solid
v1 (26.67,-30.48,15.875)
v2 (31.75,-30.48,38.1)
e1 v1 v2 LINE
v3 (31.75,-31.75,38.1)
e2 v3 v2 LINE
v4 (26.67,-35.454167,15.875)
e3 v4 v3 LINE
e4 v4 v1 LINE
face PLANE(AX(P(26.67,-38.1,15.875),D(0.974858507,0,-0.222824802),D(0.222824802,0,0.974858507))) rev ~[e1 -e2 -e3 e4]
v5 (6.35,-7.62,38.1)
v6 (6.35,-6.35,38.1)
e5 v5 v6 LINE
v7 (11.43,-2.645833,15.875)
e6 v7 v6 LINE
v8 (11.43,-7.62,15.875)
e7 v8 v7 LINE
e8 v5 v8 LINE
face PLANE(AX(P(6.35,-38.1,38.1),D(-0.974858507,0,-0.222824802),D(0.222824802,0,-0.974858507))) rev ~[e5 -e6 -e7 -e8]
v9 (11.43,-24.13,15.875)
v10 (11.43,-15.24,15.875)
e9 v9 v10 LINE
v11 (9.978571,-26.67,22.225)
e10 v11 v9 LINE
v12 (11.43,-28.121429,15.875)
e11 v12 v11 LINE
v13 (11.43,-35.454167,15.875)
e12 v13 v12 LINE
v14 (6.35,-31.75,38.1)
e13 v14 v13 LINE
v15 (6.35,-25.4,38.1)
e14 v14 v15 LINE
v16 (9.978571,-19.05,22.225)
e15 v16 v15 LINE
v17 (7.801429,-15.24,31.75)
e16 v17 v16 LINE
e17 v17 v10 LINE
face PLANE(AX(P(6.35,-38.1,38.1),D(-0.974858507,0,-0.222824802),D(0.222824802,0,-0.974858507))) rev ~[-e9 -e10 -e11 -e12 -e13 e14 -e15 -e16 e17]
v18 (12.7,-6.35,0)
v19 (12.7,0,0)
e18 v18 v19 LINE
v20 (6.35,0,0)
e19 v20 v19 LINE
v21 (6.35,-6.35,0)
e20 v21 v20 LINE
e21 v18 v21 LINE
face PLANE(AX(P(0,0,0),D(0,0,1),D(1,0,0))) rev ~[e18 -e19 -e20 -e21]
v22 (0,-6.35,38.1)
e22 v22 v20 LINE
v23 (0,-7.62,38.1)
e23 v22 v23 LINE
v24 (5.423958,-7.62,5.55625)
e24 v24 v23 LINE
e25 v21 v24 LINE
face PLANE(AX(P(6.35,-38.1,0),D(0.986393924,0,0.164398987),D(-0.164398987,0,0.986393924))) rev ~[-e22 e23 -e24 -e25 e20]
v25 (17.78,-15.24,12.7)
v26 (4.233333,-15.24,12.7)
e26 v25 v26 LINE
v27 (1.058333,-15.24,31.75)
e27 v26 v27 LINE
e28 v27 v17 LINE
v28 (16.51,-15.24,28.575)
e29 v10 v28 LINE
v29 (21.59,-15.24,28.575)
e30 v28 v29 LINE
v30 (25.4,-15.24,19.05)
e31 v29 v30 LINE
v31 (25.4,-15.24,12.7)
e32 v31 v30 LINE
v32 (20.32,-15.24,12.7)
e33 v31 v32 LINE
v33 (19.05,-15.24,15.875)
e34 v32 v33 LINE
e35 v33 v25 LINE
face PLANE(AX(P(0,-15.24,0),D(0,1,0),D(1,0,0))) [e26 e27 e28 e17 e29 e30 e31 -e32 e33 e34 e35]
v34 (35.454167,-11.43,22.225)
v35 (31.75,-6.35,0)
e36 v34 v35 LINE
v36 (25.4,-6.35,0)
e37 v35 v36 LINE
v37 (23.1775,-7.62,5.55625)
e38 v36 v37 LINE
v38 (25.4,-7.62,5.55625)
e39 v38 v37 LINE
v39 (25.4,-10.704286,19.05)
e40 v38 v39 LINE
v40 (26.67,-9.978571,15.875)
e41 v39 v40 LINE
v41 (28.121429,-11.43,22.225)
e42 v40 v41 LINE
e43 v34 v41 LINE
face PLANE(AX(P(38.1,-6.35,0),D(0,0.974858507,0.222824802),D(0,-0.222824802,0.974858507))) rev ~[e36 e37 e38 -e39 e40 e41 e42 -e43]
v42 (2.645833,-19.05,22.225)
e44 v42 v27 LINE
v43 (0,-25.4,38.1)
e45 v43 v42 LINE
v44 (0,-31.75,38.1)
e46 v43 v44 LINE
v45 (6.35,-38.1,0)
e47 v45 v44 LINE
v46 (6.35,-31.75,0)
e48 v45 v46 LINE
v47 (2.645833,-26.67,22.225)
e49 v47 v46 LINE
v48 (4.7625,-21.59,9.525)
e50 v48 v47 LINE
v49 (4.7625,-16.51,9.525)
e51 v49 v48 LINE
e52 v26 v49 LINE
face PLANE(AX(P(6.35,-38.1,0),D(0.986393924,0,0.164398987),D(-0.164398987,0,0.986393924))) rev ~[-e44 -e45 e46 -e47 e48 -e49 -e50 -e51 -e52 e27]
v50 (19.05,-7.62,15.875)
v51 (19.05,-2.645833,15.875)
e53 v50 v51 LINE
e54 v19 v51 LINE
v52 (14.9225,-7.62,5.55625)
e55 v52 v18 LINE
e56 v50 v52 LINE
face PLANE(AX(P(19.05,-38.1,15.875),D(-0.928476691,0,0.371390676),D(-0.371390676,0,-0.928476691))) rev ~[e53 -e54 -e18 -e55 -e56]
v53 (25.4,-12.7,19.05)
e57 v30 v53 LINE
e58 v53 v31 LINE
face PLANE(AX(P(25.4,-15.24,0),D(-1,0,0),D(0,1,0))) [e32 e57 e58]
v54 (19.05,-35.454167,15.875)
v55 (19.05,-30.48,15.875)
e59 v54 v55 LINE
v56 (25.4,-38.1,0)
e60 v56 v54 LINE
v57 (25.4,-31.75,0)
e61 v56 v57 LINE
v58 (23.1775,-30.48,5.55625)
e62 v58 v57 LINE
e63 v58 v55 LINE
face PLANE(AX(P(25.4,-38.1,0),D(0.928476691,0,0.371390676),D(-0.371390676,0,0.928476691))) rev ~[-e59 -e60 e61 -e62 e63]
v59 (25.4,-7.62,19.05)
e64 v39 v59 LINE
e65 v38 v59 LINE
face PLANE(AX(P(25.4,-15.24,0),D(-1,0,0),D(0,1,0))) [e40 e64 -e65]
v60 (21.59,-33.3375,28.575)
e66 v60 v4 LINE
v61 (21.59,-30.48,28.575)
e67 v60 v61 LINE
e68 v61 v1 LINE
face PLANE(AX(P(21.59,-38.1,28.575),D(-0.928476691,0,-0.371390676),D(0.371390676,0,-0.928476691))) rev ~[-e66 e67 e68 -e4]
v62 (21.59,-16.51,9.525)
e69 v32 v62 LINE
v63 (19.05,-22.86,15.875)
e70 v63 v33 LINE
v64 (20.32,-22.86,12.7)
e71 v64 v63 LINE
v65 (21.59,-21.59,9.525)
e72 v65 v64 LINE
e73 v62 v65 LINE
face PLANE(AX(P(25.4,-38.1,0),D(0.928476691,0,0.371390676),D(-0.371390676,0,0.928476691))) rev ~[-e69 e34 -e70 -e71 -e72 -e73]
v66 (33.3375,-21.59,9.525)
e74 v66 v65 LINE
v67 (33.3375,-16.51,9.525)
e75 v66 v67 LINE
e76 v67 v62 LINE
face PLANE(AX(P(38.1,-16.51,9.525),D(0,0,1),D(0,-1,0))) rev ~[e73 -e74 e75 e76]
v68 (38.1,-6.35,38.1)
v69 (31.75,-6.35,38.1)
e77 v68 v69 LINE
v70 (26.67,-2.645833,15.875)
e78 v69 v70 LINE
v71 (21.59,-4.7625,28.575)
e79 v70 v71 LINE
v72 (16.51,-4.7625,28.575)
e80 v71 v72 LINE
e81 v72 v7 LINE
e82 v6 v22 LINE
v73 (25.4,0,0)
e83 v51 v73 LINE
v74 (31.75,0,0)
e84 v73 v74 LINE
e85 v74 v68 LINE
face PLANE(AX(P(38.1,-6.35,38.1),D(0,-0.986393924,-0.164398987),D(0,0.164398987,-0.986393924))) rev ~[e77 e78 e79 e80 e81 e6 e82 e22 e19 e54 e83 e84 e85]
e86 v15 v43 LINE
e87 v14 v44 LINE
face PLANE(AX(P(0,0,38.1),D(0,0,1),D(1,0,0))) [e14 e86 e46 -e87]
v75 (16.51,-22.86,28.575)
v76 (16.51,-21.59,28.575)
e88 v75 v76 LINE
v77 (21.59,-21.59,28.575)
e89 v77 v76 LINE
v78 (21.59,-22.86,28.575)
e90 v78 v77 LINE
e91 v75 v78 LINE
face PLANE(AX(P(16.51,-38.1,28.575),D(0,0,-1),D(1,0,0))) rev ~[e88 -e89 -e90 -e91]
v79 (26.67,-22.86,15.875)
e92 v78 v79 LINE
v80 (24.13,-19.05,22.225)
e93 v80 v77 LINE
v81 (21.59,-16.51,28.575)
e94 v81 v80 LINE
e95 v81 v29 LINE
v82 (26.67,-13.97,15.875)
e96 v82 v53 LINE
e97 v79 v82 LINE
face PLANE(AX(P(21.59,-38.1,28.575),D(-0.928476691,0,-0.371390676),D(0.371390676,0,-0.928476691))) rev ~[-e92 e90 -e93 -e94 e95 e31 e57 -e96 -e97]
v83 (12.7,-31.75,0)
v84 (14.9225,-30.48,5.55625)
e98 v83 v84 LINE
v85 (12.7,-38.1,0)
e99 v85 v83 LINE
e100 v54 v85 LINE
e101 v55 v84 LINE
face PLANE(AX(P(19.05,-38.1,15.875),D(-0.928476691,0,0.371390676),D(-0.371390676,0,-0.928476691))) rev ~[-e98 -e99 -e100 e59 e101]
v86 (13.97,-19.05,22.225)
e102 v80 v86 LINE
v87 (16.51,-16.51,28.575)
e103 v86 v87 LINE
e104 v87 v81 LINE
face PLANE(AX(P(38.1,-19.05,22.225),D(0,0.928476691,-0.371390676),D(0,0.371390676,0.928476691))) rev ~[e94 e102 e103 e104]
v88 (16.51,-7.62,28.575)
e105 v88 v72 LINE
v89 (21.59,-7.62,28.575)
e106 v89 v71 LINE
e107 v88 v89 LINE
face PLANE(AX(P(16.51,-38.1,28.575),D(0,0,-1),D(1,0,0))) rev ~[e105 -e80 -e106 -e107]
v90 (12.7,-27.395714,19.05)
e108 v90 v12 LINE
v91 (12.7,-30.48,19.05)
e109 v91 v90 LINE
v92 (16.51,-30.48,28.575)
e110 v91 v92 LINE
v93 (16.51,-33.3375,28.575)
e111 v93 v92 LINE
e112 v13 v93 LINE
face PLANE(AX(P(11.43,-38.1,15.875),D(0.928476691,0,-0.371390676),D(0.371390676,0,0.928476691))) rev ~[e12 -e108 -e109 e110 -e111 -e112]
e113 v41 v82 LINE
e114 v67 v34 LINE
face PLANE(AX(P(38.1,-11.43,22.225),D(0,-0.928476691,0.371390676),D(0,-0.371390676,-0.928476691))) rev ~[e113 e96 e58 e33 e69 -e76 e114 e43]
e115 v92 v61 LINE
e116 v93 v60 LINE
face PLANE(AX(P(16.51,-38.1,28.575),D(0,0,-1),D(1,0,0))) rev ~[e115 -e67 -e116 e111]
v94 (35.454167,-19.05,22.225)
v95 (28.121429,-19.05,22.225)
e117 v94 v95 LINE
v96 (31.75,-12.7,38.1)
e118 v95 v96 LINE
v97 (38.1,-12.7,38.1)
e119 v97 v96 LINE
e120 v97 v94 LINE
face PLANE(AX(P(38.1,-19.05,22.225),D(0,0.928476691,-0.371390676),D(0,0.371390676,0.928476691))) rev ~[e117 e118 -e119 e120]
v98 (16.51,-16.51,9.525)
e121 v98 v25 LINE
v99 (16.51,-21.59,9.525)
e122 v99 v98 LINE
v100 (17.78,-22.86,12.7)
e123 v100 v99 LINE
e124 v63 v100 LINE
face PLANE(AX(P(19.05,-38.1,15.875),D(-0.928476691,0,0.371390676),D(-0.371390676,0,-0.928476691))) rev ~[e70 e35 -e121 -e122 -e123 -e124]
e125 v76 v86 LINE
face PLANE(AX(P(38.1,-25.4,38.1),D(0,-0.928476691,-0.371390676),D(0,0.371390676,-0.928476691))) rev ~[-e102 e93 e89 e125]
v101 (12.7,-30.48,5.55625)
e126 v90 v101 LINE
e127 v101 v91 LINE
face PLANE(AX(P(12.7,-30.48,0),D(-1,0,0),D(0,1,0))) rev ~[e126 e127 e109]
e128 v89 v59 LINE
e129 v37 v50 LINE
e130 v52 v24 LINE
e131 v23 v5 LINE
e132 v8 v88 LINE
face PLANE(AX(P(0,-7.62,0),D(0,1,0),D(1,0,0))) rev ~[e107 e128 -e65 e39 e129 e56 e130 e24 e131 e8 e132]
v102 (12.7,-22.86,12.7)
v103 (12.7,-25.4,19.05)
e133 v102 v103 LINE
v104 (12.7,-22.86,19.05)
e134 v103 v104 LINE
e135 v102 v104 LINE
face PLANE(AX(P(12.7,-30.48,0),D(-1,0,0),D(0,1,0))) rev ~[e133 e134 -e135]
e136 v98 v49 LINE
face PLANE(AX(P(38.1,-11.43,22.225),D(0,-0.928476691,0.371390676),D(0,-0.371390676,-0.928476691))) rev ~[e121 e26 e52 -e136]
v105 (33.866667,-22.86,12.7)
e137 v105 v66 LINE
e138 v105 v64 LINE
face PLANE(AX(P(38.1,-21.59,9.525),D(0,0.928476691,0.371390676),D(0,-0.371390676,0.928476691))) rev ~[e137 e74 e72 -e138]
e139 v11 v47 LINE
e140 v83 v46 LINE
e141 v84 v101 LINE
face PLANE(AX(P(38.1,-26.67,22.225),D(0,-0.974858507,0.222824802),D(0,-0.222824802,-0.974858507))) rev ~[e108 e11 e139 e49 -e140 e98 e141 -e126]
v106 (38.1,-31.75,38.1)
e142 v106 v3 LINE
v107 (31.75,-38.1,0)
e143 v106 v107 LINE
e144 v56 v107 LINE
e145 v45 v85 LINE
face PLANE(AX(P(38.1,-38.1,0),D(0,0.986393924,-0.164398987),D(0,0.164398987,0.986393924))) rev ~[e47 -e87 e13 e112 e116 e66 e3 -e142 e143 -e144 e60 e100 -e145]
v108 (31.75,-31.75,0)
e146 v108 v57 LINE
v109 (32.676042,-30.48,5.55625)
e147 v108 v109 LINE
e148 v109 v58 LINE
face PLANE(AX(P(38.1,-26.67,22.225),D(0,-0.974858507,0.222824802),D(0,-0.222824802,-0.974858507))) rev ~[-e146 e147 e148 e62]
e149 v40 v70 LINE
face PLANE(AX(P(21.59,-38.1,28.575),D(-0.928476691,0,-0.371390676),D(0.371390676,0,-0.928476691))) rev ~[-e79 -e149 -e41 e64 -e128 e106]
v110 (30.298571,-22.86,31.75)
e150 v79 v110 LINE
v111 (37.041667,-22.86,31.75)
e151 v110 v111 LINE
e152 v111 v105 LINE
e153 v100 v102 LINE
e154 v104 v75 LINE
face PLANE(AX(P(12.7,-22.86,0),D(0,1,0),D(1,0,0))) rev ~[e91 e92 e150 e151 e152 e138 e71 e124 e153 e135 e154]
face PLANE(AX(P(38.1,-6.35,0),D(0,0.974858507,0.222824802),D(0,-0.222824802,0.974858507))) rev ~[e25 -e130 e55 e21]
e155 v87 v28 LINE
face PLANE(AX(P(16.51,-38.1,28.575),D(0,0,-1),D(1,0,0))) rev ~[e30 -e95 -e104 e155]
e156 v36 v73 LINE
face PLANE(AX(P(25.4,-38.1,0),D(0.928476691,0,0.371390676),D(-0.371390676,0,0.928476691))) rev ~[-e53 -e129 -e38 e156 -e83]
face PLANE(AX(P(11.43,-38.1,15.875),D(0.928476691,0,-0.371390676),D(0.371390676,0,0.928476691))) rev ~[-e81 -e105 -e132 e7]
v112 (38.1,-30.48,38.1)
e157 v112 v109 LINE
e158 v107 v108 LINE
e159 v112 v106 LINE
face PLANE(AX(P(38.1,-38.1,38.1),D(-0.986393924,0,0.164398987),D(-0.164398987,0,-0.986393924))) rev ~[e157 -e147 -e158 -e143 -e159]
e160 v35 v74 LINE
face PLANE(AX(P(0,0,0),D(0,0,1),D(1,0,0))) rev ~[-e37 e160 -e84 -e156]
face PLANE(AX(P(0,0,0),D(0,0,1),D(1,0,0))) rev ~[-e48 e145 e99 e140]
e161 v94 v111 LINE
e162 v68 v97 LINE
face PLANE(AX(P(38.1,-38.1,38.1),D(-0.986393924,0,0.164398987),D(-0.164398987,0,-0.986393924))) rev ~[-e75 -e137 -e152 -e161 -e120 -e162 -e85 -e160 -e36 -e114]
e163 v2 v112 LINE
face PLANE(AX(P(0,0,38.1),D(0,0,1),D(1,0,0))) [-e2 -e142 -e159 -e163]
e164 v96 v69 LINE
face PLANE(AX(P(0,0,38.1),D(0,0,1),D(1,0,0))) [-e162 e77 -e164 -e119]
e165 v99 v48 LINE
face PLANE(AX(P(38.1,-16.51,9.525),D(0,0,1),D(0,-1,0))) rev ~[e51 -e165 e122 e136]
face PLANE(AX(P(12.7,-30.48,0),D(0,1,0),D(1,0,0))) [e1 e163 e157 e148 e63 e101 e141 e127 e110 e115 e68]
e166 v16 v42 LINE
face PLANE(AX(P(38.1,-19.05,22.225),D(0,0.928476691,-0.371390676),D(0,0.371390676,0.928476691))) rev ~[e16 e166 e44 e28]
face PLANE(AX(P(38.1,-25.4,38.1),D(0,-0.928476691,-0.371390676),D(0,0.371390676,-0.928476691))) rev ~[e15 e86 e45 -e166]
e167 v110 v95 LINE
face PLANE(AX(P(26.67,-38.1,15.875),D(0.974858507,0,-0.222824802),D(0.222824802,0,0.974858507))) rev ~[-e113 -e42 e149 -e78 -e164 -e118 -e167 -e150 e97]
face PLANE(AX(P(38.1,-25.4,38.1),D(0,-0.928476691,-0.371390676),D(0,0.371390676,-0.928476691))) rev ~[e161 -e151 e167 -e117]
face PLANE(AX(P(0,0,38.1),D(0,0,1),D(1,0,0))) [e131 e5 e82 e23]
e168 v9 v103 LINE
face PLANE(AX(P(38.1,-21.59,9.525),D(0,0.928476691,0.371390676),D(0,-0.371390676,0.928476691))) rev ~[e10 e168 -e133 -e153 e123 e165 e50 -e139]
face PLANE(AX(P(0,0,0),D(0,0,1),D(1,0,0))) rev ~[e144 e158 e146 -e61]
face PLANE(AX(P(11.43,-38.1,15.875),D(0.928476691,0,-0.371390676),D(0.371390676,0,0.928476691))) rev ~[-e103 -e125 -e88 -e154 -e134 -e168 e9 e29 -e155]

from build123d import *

# Parameters (mm, degrees)
F0_W     = 38.1
F0_H     = 38.1
F1_DEPTH = 38.1
F5_DEPTH = 38.1
F7_DEPTH = 38.1
F8_W     = 25.4
F8_H     = 7.62
F9_DEPTH = 38.1


with BuildPart() as f1:
    # F0 (on Front) → F1 (new body)
    with BuildSketch(Plane.XZ):
        with Locations((19.05, 19.05)):
            Rectangle(F0_W, F0_H)
    extrude(amount=F1_DEPTH)

    # F4 (on offset) → F5 (cut)
    with BuildSketch(Plane.XZ.offset(38.1)):
        Polygon((0, 38.1), (0, 0), (6.35, 0), align=None)
        Polygon((19.05, 15.875), (12.7, 0), (19.05, 0), (25.4, 0), align=None)
        Polygon((31.75, 38.1), (6.35, 38.1), (11.43, 15.875), (16.51, 28.575), (21.59, 28.575), (26.67, 15.875), align=None)
        Polygon((38.1, 0), (38.1, 38.1), (31.75, 0), align=None)
    extrude(amount=-F5_DEPTH, mode=Mode.SUBTRACT)

    # F6 (on offset) → F7 (cut)
    with BuildSketch(Plane.YZ.offset(38.1)):
        Polygon((-31.75, 0), (-6.35, 0), (-11.43, 22.225), (-16.51, 9.525), (-21.59, 9.525), (-26.67, 22.225), align=None)
        Polygon((-6.35, 38.1), (0, 0), (0, 38.1), align=None)
        Polygon((-19.05, 22.225), (-12.7, 38.1), (-25.4, 38.1), align=None)
        Polygon((-38.1, 38.1), (-38.1, 0), (-31.75, 38.1), align=None)
    extrude(amount=-F7_DEPTH, mode=Mode.SUBTRACT)

    # F8 (on Top) → F9 (cut)
    with BuildSketch(Plane.XY):
        with Locations((12.7, -11.43)):
            Rectangle(F8_W, F8_H)
        with Locations((25.4, -26.67)):
            Rectangle(F8_W, F8_H)
    extrude(amount=F9_DEPTH, mode=Mode.SUBTRACT)


solid = f1.part
